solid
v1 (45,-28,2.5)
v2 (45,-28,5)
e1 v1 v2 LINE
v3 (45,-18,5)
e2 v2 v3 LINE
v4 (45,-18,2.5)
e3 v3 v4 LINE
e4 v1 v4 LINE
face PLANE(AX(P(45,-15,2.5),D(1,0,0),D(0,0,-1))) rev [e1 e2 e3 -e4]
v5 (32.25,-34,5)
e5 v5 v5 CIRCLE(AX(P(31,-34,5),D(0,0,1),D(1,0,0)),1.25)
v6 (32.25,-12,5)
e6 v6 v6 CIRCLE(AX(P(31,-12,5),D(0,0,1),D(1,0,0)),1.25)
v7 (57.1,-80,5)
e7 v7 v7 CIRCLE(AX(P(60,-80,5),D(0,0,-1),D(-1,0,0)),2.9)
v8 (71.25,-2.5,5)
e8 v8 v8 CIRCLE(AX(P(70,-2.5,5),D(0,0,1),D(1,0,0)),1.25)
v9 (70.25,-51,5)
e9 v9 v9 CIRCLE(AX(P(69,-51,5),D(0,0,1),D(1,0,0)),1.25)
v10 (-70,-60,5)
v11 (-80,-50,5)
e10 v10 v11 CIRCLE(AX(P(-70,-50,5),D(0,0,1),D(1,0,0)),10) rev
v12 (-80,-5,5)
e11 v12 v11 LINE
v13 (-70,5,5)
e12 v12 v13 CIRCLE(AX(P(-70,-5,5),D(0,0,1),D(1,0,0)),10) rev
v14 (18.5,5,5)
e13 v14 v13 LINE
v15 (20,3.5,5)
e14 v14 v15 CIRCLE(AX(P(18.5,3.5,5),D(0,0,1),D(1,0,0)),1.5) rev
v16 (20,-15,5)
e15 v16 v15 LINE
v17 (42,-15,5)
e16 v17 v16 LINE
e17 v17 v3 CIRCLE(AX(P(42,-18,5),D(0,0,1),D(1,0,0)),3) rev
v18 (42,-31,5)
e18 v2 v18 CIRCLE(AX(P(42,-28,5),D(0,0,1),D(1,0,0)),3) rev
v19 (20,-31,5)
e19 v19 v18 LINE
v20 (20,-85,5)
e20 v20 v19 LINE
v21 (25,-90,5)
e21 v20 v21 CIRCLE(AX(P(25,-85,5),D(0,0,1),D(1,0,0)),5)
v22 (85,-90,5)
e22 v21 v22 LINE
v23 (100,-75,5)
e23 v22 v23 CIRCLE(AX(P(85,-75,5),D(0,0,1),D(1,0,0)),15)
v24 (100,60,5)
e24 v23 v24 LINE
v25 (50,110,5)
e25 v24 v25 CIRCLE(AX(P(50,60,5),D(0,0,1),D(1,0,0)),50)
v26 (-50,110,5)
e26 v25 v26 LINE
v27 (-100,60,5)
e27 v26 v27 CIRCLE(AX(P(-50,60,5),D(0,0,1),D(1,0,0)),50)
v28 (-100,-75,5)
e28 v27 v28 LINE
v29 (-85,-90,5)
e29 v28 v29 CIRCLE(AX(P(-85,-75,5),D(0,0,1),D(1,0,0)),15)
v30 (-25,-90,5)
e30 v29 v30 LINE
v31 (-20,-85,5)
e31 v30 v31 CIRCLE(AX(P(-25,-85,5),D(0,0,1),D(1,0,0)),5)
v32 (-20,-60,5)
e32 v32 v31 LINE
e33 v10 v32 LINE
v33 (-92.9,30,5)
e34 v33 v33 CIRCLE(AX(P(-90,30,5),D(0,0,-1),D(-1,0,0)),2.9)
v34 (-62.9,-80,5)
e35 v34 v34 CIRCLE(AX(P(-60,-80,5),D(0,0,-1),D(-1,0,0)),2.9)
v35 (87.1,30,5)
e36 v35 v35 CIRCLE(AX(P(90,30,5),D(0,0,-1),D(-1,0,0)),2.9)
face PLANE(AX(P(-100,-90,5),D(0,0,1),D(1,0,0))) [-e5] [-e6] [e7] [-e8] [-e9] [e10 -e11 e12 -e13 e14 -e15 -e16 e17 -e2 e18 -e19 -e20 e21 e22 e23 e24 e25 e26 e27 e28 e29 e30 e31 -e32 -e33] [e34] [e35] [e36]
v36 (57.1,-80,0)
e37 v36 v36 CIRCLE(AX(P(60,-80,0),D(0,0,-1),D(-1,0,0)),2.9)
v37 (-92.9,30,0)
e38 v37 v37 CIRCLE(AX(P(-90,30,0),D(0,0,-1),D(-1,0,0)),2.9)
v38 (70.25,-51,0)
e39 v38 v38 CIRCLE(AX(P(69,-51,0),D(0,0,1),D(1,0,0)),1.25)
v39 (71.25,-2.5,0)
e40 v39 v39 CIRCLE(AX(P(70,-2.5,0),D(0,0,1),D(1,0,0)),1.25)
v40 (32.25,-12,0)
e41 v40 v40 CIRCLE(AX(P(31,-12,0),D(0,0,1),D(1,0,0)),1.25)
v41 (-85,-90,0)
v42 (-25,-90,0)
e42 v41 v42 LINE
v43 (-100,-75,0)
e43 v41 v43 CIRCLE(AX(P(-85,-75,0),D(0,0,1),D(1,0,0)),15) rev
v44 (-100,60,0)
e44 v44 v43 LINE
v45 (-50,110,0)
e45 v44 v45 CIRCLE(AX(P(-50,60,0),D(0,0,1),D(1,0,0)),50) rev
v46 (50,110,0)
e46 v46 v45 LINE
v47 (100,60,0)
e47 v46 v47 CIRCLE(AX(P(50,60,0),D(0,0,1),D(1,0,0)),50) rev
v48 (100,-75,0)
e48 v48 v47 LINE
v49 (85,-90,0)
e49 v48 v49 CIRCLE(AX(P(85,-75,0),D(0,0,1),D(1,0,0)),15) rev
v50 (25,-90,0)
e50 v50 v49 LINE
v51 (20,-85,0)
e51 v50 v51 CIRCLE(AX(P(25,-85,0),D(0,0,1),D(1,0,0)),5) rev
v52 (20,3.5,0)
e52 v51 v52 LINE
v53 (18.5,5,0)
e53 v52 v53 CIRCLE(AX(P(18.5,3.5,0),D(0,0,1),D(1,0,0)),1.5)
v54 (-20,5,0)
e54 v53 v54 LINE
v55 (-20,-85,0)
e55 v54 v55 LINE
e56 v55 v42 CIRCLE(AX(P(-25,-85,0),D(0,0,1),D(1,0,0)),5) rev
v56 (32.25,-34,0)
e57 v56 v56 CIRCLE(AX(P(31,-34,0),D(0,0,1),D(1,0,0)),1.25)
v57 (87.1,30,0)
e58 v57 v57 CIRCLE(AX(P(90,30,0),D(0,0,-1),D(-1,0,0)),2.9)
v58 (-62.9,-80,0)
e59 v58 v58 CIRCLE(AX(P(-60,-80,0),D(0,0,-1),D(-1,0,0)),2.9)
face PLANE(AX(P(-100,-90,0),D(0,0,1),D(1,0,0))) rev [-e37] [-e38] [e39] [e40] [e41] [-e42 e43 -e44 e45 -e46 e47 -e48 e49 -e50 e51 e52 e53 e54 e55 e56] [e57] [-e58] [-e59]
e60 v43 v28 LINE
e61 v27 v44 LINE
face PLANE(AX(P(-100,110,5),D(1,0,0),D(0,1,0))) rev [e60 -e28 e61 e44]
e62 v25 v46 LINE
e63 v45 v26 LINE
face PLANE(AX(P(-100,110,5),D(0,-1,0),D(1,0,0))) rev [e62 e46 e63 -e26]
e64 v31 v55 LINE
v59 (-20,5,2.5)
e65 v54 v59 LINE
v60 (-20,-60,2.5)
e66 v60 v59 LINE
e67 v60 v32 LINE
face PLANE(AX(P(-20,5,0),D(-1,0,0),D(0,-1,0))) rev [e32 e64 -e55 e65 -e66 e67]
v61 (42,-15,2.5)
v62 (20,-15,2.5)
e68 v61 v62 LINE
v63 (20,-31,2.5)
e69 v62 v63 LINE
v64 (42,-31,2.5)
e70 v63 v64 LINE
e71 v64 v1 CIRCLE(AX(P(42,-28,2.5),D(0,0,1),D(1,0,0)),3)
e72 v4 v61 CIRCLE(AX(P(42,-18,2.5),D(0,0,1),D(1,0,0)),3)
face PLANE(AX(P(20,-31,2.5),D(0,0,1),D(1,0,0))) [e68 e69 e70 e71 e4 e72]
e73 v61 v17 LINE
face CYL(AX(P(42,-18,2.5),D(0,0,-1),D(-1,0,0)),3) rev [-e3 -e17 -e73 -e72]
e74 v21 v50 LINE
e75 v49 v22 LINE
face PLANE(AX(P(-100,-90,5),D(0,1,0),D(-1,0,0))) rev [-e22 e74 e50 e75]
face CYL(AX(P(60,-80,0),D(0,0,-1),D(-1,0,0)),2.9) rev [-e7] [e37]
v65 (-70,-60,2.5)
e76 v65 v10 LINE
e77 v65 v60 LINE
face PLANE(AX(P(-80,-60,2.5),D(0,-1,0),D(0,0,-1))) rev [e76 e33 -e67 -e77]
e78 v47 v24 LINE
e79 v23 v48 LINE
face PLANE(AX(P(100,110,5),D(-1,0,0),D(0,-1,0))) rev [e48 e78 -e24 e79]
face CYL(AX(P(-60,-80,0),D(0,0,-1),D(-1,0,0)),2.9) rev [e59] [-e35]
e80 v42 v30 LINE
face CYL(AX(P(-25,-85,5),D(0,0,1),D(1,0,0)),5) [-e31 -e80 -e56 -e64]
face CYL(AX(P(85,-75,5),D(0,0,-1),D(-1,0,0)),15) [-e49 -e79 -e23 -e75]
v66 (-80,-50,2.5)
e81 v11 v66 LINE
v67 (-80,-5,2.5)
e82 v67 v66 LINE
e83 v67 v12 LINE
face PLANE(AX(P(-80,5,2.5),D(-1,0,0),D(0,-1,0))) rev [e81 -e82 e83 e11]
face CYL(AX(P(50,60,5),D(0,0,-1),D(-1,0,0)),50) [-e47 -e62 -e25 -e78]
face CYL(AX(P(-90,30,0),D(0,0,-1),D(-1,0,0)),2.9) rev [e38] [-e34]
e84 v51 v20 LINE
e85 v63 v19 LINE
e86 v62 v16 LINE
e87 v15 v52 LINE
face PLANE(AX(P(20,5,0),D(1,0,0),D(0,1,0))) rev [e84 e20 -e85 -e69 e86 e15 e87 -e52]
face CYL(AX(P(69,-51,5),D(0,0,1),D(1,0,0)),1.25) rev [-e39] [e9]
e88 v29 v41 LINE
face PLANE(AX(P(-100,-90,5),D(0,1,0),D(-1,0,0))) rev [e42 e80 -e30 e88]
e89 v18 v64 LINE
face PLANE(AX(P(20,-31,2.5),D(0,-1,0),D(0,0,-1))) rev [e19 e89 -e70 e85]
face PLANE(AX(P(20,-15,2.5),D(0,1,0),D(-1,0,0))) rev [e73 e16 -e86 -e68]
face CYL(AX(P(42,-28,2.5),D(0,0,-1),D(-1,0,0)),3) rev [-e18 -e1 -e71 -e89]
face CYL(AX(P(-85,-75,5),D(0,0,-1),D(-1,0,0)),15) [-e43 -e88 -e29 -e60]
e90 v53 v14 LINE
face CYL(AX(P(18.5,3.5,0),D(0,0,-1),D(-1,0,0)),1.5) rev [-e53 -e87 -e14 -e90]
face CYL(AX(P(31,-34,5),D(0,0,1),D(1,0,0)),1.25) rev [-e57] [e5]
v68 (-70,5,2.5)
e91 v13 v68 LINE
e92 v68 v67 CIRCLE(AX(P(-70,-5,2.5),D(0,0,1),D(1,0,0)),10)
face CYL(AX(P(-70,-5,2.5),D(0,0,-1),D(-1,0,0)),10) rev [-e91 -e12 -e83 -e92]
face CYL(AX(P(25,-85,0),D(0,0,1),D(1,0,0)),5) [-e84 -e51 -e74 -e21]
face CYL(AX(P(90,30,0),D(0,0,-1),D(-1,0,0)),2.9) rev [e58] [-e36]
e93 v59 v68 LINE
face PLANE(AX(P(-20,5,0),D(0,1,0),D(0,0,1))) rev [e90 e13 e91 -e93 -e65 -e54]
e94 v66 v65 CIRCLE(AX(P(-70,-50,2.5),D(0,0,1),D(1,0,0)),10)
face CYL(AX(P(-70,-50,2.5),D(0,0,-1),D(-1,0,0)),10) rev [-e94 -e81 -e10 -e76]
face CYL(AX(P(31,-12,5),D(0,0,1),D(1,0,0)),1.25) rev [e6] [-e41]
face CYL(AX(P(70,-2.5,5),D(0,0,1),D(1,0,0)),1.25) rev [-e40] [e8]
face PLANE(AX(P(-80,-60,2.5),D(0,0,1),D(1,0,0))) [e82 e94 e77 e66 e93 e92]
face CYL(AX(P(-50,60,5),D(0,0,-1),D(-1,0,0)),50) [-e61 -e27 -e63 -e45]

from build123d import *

# Parameters (mm, degrees)
SKETCH_1_W             = 200
SKETCH_1_H             = 200
EXTRUDE_1_DEPTH        = 5
SKETCH_2_W             = 40
SKETCH_2_H             = 95
CUT_EXTRUDE_1_DEPTH    = 149.744747806
FILLET_1_R             = 50
FILLET_2_R             = 1.5
M3X0_5_1_D             = 2.5
M3X0_5_1_DEPTH         = 5
M3X0_5_1_TIP           = 0.751075774
FILLET_3_R             = 15
FILLET_4_R             = 5
HOLE_WIZARD_M5_1_D     = 5.8
HOLE_WIZARD_M5_1_DEPTH = 5
HOLE_WIZARD_M5_1_TIP   = 1.742495795
SKETCH_10_W            = 60
SKETCH_10_H            = 65
CUT_EXTRUDE_2_DEPTH    = 2.5
FILLET_5_R             = 10
SKETCH_11_W            = 25
SKETCH_11_H            = 16
CUT_EXTRUDE_3_DEPTH    = 2.5
FILLET_6_R             = 3


with BuildPart() as part:
    # ｽｹｯﾁ1 → ﾎﾞｽ - 押し出し1 (new body)
    with BuildSketch(Plane.XY):
        with Locations((0, 10)):
            Rectangle(SKETCH_1_W, SKETCH_1_H)
    extrude(amount=EXTRUDE_1_DEPTH)

    # ｽｹｯﾁ2 → ｶｯﾄ - 押し出し1 (cut, through all)
    with BuildSketch(Plane.XY.offset(5)):
        with Locations((0, -42.5)):
            Rectangle(SKETCH_2_W, SKETCH_2_H)
    extrude(amount=-CUT_EXTRUDE_1_DEPTH, mode=Mode.SUBTRACT)

    # ﾌｨﾚｯﾄ1
    fillet_1_edges = [part.edges().sort_by_distance(p)[0] for p in [
        (-100, 110, 2.5),
        (100, 110, 2.5),
    ]]
    fillet(fillet_1_edges, radius=FILLET_1_R)

    # ﾌｨﾚｯﾄ2
    fillet_2_edges = [part.edges().sort_by_distance(p)[0] for p in [
        (20, 5, 2.5),
    ]]
    fillet(fillet_2_edges, radius=FILLET_2_R)

    # M3x0.5 ねじ穴用ねじ下穴ﾄﾞﾘﾙ1
    with Locations(Plane.XY.offset(5)):
        with Locations((70, -2.5), (31, -12), (31, -34), (69, -51)):
            Hole(M3X0_5_1_D / 2, depth=M3X0_5_1_DEPTH)
            with Locations((0, 0, -(M3X0_5_1_DEPTH + M3X0_5_1_TIP / 2))):  # 118° drill point
                Cone(0, M3X0_5_1_D / 2, M3X0_5_1_TIP, mode=Mode.SUBTRACT)

    # ﾌｨﾚｯﾄ3
    fillet_3_edges = [part.edges().sort_by_distance(p)[0] for p in [
        (100, -90, 2.5),
        (-100, -90, 2.5),
    ]]
    fillet(fillet_3_edges, radius=FILLET_3_R)

    # ﾌｨﾚｯﾄ4
    fillet_4_edges = [part.edges().sort_by_distance(p)[0] for p in [
        (-20, -90, 2.5),
        (20, -90, 2.5),
    ]]
    fillet(fillet_4_edges, radius=FILLET_4_R)

    # M5 すきま穴1
    with Locations(Plane(origin=(0, 0, 0), x_dir=(-1, 0, 0), z_dir=(0, 0, -1))):
        with Locations((-60, -80), (60, -80), (-90, 30), (90, 30)):
            Hole(HOLE_WIZARD_M5_1_D / 2, depth=HOLE_WIZARD_M5_1_DEPTH)
            with Locations((0, 0, -(HOLE_WIZARD_M5_1_DEPTH + HOLE_WIZARD_M5_1_TIP / 2))):  # 118° drill point
                Cone(0, HOLE_WIZARD_M5_1_D / 2, HOLE_WIZARD_M5_1_TIP, mode=Mode.SUBTRACT)

    # ｽｹｯﾁ10 → ｶｯﾄ - 押し出し2 (cut)
    with BuildSketch(Plane.XY.offset(5)):
        with Locations((-50, -27.5)):
            Rectangle(SKETCH_10_W, SKETCH_10_H)
    extrude(amount=-CUT_EXTRUDE_2_DEPTH, mode=Mode.SUBTRACT)

    # ﾌｨﾚｯﾄ5
    fillet_5_edges = [part.edges().sort_by_distance(p)[0] for p in [
        (-80, -60, 3.75),
        (-80, 5, 3.75),
    ]]
    fillet(fillet_5_edges, radius=FILLET_5_R)

    # ｽｹｯﾁ11 → ｶｯﾄ - 押し出し3 (cut)
    with BuildSketch(Plane.XY.offset(5)):
        with Locations((32.5, -23)):
            Rectangle(SKETCH_11_W, SKETCH_11_H)
    extrude(amount=-CUT_EXTRUDE_3_DEPTH, mode=Mode.SUBTRACT)

    # ﾌｨﾚｯﾄ6
    fillet_6_edges = [part.edges().sort_by_distance(p)[0] for p in [
        (45, -15, 3.75),
        (45, -31, 3.75),
    ]]
    fillet(fillet_6_edges, radius=FILLET_6_R)


solid = part.part
